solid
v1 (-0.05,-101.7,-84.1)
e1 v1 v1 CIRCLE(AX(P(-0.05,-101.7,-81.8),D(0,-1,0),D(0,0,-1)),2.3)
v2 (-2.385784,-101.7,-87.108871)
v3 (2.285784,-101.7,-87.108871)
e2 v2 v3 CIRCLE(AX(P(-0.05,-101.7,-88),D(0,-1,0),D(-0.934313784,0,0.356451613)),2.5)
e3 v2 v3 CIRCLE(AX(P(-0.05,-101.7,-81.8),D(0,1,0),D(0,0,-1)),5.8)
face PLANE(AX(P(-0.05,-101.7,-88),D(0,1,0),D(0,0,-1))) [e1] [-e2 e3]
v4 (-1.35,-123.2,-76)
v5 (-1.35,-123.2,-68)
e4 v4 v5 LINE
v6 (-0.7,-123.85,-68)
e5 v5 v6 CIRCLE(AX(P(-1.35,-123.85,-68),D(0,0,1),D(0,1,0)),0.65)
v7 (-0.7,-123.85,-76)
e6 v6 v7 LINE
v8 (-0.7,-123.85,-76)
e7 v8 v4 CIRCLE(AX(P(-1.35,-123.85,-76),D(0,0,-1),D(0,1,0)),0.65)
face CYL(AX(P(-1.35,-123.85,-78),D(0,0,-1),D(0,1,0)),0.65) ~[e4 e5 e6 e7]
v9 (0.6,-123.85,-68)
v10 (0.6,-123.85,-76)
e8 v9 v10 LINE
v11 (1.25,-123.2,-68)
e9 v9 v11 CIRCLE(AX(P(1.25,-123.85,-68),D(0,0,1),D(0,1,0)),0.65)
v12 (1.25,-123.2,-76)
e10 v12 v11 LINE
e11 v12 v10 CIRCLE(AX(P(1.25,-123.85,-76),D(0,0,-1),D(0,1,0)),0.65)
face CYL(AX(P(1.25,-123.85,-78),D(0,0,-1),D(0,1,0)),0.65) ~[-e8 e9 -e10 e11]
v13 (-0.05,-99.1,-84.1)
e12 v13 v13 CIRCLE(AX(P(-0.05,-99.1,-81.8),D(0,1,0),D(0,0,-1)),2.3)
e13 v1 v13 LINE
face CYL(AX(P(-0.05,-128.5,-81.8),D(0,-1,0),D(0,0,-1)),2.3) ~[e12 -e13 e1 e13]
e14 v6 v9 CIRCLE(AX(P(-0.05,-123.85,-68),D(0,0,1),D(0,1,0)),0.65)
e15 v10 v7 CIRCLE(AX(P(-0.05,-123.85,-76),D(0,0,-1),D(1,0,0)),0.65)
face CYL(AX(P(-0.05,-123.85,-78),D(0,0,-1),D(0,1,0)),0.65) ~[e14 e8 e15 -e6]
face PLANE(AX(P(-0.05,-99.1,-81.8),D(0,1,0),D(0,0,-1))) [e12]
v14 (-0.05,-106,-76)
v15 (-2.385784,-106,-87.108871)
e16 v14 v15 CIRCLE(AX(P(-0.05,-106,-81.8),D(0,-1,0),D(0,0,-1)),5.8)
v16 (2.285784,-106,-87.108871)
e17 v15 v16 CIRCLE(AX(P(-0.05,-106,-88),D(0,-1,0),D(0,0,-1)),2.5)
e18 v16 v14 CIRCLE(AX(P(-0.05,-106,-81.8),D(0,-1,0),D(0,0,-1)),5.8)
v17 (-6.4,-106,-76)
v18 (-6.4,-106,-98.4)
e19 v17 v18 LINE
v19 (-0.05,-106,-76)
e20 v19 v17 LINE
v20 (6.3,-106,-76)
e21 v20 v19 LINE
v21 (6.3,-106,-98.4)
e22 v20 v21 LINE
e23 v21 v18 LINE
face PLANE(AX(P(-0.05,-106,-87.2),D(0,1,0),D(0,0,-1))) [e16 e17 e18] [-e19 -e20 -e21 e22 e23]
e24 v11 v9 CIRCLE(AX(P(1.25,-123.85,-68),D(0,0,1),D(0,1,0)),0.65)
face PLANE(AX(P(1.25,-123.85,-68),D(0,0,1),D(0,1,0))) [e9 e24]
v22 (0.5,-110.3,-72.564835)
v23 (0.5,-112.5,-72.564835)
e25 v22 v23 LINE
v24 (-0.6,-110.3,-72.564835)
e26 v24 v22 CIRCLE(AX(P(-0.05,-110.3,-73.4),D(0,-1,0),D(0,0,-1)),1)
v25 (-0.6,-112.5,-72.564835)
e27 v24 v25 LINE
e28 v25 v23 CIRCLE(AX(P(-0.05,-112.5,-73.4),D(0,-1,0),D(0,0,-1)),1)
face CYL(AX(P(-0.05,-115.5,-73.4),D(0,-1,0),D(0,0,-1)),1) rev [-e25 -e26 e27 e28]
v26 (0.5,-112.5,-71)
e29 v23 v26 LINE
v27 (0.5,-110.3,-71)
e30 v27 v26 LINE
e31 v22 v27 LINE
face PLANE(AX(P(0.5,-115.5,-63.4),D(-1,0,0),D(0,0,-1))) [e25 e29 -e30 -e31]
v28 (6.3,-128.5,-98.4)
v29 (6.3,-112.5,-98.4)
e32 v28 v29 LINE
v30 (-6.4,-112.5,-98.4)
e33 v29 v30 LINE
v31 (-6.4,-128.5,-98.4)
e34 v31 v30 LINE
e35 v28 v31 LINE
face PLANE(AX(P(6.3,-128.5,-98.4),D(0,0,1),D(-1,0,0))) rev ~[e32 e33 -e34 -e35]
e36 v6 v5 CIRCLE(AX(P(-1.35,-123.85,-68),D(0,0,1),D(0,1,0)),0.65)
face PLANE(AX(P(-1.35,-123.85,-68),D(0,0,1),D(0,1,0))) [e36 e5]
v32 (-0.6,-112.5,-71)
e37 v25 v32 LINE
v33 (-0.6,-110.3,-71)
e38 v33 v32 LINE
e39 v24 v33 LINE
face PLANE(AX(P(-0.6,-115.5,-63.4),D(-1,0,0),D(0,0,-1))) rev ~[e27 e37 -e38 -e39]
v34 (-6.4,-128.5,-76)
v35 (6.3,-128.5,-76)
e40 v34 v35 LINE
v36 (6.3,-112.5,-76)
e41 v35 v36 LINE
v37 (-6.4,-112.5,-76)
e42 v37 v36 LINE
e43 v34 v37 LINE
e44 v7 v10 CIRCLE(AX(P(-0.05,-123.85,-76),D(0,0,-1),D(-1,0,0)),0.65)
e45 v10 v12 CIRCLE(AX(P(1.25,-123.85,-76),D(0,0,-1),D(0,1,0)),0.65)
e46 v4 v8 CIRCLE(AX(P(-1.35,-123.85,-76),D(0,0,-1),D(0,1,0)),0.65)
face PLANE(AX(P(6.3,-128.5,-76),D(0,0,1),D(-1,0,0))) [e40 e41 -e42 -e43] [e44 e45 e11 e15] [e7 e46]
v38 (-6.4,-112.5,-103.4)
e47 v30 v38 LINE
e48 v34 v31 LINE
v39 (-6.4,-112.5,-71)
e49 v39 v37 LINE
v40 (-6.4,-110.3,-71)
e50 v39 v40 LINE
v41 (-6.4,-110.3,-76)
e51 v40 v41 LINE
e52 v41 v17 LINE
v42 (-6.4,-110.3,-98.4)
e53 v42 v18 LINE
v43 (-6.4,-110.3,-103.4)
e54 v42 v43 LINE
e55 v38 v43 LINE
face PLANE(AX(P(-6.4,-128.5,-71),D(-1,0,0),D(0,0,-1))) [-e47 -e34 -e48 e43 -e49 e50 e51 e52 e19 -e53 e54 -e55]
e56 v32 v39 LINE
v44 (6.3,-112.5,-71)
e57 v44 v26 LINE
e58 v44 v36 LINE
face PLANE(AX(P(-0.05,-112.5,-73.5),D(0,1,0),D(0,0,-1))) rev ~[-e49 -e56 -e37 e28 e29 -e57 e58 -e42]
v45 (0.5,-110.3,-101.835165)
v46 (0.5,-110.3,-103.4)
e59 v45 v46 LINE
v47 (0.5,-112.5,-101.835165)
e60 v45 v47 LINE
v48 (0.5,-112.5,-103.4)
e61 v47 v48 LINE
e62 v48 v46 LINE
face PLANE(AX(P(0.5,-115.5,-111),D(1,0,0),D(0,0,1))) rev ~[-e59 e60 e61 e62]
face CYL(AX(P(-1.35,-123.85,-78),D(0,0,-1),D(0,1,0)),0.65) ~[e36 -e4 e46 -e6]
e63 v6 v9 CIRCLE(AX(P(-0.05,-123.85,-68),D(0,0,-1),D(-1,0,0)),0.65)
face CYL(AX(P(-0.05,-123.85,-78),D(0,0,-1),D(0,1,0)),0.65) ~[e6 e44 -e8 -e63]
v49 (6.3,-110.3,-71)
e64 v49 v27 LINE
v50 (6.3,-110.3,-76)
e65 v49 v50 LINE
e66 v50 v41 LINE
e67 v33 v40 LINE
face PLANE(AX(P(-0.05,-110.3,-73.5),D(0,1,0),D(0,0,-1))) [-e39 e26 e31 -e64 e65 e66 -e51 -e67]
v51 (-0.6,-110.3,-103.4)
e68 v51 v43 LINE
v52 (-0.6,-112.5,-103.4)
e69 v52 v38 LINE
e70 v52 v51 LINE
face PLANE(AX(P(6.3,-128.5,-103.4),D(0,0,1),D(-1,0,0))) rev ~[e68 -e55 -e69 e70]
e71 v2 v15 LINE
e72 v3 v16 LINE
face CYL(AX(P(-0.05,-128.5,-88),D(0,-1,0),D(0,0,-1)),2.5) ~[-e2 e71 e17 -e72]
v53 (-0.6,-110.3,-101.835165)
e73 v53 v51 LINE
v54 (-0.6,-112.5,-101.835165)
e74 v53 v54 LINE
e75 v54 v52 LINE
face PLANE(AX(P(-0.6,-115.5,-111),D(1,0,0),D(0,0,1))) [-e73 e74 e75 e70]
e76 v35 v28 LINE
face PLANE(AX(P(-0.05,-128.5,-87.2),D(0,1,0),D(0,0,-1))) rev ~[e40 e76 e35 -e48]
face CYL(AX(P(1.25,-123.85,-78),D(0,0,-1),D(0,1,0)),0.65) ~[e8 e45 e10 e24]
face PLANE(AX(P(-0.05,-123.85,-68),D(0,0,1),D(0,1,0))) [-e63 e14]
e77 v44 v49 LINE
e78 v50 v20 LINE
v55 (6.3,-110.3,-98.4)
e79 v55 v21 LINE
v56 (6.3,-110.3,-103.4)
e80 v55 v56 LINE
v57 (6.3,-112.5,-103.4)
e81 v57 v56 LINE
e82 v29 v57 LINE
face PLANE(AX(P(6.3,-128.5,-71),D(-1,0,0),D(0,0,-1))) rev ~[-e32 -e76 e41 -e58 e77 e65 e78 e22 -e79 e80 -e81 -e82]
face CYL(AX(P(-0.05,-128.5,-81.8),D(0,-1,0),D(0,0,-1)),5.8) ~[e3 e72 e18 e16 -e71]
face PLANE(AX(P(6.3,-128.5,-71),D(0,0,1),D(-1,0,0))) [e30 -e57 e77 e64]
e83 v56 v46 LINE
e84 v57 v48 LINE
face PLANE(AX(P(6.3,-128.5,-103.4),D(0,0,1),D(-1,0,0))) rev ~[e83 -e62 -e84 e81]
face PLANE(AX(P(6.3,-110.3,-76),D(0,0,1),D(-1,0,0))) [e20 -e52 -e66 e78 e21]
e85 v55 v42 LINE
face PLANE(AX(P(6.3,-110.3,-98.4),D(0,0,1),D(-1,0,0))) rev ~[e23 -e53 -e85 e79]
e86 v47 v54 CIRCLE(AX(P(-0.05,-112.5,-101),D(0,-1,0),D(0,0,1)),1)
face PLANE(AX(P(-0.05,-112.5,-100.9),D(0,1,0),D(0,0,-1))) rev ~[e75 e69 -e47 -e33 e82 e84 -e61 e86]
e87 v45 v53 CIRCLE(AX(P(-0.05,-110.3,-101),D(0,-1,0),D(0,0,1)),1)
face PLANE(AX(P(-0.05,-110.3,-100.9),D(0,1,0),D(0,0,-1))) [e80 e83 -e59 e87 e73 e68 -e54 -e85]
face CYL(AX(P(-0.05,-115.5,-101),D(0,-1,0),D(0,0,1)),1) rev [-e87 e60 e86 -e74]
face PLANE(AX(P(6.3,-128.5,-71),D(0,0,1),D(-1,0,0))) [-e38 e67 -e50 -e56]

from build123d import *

# Parameters (mm, degrees)
CYLINDER003_R             = 0.65
CYLINDER003_DEPTH         = 10
CYLINDER004_R             = 0.65
CYLINDER004_DEPTH         = 10
CYLINDER005_R             = 0.65
CYLINDER005_DEPTH         = 10
CYLINDER006_R             = 1
CYLINDER006_DEPTH         = 10
BOX005_W                  = 10
BOX005_H                  = 1.1
BOX005_DEPTH              = 10
CYLINDER007_R             = 1
CYLINDER007_DEPTH         = 10
BOX006_W                  = 10
BOX006_H                  = 1.1
BOX006_DEPTH              = 10
FUSION008_PLACEMENT_ANGLE = 180
BOX004_W                  = 5
BOX004_H                  = 12.7
BOX004_DEPTH              = 4.3
BOX003_W                  = 5
BOX003_H                  = 12.7
BOX003_DEPTH              = 4.3
BOX001_W                  = 5
BOX001_H                  = 12.7
BOX001_DEPTH              = 16
BOX002_W                  = 5
BOX002_H                  = 12.7
BOX002_DEPTH              = 16
BOX_W                     = 32.4
BOX_H                     = 12.7
BOX_DEPTH                 = 22.5
CYLINDER001_R             = 2.3
CYLINDER001_DEPTH         = 29.4
CYLINDER002_R             = 2.5
CYLINDER002_DEPTH         = 26.8
CYLINDER_R                = 5.8
CYLINDER_DEPTH            = 26.8
FUSION010_PITCH_ANGLE     = 90
FUSION010_PLACEMENT_ANGLE = 90


with BuildPart() as cabler:
    # Cylinder003 → Cylinder003 (new body)
    with BuildSketch(Plane.ZY):
        Circle(CYLINDER003_R)
    extrude(amount=CYLINDER003_DEPTH)


with BuildPart() as cableb:
    # Cylinder004 → Cylinder004 (new body)
    with BuildSketch(Plane(origin=(0, 1.3, 0), x_dir=(0, 0, 1), z_dir=(-1, 0, 0))):
        Circle(CYLINDER004_R)
    extrude(amount=CYLINDER004_DEPTH)


with BuildPart() as cables:
    # Cylinder005 → Cylinder005 (new body)
    with BuildSketch(Plane(origin=(0, -1.3, 0), x_dir=(0, 0, 1), z_dir=(-1, 0, 0))):
        Circle(CYLINDER005_R)
    extrude(amount=CYLINDER005_DEPTH)

    # Fusion003: union CableR, CableB
    add(cabler.part)
    add(cableb.part)


with BuildPart() as cables_1:
    # Fusion003 placement: moved
    add(cables.part.moved(Location((7, 6.35, 4.65))))


with BuildPart() as zylinder:
    # Cylinder006 → Cylinder006 (new body)
    with BuildSketch(Plane.XY):
        Circle(CYLINDER006_R)
    extrude(amount=CYLINDER006_DEPTH)


with BuildPart() as drillslotb:
    # Box005 → Box005 (new body)
    with BuildSketch(Plane(origin=(-10, -0.55, 0), x_dir=(1, 0, 0), z_dir=(0, 0, 1))):
        with Locations((5, 0.55)):
            Rectangle(BOX005_W, BOX005_H)
    extrude(amount=BOX005_DEPTH)

    # Fusion007: union Zylinder
    add(zylinder.part)


with BuildPart() as drillslotb_1:
    # Fusion007 placement: moved
    add(drillslotb.part.moved(Location((2.4, 0, 0))))


with BuildPart() as zylinder001:
    # Cylinder007 → Cylinder007 (new body)
    with BuildSketch(Plane.XY):
        Circle(CYLINDER007_R)
    extrude(amount=CYLINDER007_DEPTH)


with BuildPart() as drillslots:
    # Box006 → Box006 (new body)
    with BuildSketch(Plane(origin=(-10, -0.55, 0), x_dir=(1, 0, 0), z_dir=(0, 0, 1))):
        with Locations((5, 0.55)):
            Rectangle(BOX006_W, BOX006_H)
    extrude(amount=BOX006_DEPTH)

    # Fusion008: union Zylinder001
    add(zylinder001.part)


with BuildPart() as drillslots_1:
    # Fusion008 placement: moved
    add(drillslots.part.moved(Location((30, 0, 0))).rotate(Axis((30, 0, 0), (0, 0, 1)), FUSION008_PLACEMENT_ANGLE))

    # Fusion009: union DrillSlotB
    add(drillslotb_1.part)


with BuildPart() as drillslots_2:
    # Fusion009 placement: moved
    add(drillslots_1.part.moved(Location((0, 6.35, 13))))


with BuildPart() as uppercutf:
    # Box004 → Box004 (new body)
    with BuildSketch(Plane(origin=(27.4, 0, 0), x_dir=(1, 0, 0), z_dir=(0, 0, 1))):
        with Locations((2.5, 6.35)):
            Rectangle(BOX004_W, BOX004_H)
    extrude(amount=BOX004_DEPTH)


with BuildPart() as uppercuts:
    # Box003 → Box003 (new body)
    with BuildSketch(Plane.XY):
        with Locations((2.5, 6.35)):
            Rectangle(BOX003_W, BOX003_H)
    extrude(amount=BOX003_DEPTH)

    # Fusion: union UpperCutF
    add(uppercutf.part)


with BuildPart() as uppercuts_1:
    # Fusion placement: moved
    add(uppercuts.part.moved(Location((0, 0, 18.2))))


with BuildPart() as lowercutb:
    # Box001 → Box001 (new body)
    with BuildSketch(Plane.XY):
        with Locations((2.5, 6.35)):
            Rectangle(BOX001_W, BOX001_H)
    extrude(amount=BOX001_DEPTH)


with BuildPart() as lowercutf:
    # Box002 → Box002 (new body)
    with BuildSketch(Plane(origin=(27.4, 0, 0), x_dir=(1, 0, 0), z_dir=(0, 0, 1))):
        with Locations((2.5, 6.35)):
            Rectangle(BOX002_W, BOX002_H)
    extrude(amount=BOX002_DEPTH)


with BuildPart() as cutbody:
    # Box → Box (new body)
    with BuildSketch(Plane.XY):
        with Locations((16.2, 6.35)):
            Rectangle(BOX_W, BOX_H)
    extrude(amount=BOX_DEPTH)

    # Cut: cut LowerCutF
    add(lowercutf.part, mode=Mode.SUBTRACT)

    # Cut001: cut LowerCutB
    add(lowercutb.part, mode=Mode.SUBTRACT)

    # Cut002: cut UpperCuts
    add(uppercuts_1.part, mode=Mode.SUBTRACT)

    # Cut003: cut DrillSlots
    add(drillslots_2.part, mode=Mode.SUBTRACT)


with BuildPart() as axis:
    # Cylinder001 → Cylinder001 (new body)
    with BuildSketch(Plane(origin=(10.8, 6.35, 0), x_dir=(1, 0, 0), z_dir=(0, 0, 1))):
        Circle(CYLINDER001_R)
    extrude(amount=CYLINDER001_DEPTH)


with BuildPart() as sideaxis:
    # Cylinder002 → Cylinder002 (new body)
    with BuildSketch(Plane(origin=(17, 6.35, 0), x_dir=(1, 0, 0), z_dir=(0, 0, 1))):
        Circle(CYLINDER002_R)
    extrude(amount=CYLINDER002_DEPTH)


with BuildPart() as sg92r:
    # Cylinder → Cylinder (new body)
    with BuildSketch(Plane(origin=(10.8, 6.35, 0), x_dir=(1, 0, 0), z_dir=(0, 0, 1))):
        Circle(CYLINDER_R)
    extrude(amount=CYLINDER_DEPTH)

    # Fusion004: union SideAxis
    add(sideaxis.part)

    # Fusion005: union Axis
    add(axis.part)

    # Fusion010: union Cables, CutBody
    add(cables_1.part)
    add(cutbody.part)


with BuildPart() as sg92r_1:
    # Fusion010 pitch: moved
    add(sg92r.part.rotate(Axis((0, 0, 0), (0, 1, 0)), FUSION010_PITCH_ANGLE))


with BuildPart() as sg92r_2:
    # Fusion010 placement: moved
    add(sg92r_1.part.moved(Location((6.3, -128.5, -71))).rotate(Axis((6.3, -128.5, -71), (0, 0, 1)), FUSION010_PLACEMENT_ANGLE))


solid = sg92r_2.part
